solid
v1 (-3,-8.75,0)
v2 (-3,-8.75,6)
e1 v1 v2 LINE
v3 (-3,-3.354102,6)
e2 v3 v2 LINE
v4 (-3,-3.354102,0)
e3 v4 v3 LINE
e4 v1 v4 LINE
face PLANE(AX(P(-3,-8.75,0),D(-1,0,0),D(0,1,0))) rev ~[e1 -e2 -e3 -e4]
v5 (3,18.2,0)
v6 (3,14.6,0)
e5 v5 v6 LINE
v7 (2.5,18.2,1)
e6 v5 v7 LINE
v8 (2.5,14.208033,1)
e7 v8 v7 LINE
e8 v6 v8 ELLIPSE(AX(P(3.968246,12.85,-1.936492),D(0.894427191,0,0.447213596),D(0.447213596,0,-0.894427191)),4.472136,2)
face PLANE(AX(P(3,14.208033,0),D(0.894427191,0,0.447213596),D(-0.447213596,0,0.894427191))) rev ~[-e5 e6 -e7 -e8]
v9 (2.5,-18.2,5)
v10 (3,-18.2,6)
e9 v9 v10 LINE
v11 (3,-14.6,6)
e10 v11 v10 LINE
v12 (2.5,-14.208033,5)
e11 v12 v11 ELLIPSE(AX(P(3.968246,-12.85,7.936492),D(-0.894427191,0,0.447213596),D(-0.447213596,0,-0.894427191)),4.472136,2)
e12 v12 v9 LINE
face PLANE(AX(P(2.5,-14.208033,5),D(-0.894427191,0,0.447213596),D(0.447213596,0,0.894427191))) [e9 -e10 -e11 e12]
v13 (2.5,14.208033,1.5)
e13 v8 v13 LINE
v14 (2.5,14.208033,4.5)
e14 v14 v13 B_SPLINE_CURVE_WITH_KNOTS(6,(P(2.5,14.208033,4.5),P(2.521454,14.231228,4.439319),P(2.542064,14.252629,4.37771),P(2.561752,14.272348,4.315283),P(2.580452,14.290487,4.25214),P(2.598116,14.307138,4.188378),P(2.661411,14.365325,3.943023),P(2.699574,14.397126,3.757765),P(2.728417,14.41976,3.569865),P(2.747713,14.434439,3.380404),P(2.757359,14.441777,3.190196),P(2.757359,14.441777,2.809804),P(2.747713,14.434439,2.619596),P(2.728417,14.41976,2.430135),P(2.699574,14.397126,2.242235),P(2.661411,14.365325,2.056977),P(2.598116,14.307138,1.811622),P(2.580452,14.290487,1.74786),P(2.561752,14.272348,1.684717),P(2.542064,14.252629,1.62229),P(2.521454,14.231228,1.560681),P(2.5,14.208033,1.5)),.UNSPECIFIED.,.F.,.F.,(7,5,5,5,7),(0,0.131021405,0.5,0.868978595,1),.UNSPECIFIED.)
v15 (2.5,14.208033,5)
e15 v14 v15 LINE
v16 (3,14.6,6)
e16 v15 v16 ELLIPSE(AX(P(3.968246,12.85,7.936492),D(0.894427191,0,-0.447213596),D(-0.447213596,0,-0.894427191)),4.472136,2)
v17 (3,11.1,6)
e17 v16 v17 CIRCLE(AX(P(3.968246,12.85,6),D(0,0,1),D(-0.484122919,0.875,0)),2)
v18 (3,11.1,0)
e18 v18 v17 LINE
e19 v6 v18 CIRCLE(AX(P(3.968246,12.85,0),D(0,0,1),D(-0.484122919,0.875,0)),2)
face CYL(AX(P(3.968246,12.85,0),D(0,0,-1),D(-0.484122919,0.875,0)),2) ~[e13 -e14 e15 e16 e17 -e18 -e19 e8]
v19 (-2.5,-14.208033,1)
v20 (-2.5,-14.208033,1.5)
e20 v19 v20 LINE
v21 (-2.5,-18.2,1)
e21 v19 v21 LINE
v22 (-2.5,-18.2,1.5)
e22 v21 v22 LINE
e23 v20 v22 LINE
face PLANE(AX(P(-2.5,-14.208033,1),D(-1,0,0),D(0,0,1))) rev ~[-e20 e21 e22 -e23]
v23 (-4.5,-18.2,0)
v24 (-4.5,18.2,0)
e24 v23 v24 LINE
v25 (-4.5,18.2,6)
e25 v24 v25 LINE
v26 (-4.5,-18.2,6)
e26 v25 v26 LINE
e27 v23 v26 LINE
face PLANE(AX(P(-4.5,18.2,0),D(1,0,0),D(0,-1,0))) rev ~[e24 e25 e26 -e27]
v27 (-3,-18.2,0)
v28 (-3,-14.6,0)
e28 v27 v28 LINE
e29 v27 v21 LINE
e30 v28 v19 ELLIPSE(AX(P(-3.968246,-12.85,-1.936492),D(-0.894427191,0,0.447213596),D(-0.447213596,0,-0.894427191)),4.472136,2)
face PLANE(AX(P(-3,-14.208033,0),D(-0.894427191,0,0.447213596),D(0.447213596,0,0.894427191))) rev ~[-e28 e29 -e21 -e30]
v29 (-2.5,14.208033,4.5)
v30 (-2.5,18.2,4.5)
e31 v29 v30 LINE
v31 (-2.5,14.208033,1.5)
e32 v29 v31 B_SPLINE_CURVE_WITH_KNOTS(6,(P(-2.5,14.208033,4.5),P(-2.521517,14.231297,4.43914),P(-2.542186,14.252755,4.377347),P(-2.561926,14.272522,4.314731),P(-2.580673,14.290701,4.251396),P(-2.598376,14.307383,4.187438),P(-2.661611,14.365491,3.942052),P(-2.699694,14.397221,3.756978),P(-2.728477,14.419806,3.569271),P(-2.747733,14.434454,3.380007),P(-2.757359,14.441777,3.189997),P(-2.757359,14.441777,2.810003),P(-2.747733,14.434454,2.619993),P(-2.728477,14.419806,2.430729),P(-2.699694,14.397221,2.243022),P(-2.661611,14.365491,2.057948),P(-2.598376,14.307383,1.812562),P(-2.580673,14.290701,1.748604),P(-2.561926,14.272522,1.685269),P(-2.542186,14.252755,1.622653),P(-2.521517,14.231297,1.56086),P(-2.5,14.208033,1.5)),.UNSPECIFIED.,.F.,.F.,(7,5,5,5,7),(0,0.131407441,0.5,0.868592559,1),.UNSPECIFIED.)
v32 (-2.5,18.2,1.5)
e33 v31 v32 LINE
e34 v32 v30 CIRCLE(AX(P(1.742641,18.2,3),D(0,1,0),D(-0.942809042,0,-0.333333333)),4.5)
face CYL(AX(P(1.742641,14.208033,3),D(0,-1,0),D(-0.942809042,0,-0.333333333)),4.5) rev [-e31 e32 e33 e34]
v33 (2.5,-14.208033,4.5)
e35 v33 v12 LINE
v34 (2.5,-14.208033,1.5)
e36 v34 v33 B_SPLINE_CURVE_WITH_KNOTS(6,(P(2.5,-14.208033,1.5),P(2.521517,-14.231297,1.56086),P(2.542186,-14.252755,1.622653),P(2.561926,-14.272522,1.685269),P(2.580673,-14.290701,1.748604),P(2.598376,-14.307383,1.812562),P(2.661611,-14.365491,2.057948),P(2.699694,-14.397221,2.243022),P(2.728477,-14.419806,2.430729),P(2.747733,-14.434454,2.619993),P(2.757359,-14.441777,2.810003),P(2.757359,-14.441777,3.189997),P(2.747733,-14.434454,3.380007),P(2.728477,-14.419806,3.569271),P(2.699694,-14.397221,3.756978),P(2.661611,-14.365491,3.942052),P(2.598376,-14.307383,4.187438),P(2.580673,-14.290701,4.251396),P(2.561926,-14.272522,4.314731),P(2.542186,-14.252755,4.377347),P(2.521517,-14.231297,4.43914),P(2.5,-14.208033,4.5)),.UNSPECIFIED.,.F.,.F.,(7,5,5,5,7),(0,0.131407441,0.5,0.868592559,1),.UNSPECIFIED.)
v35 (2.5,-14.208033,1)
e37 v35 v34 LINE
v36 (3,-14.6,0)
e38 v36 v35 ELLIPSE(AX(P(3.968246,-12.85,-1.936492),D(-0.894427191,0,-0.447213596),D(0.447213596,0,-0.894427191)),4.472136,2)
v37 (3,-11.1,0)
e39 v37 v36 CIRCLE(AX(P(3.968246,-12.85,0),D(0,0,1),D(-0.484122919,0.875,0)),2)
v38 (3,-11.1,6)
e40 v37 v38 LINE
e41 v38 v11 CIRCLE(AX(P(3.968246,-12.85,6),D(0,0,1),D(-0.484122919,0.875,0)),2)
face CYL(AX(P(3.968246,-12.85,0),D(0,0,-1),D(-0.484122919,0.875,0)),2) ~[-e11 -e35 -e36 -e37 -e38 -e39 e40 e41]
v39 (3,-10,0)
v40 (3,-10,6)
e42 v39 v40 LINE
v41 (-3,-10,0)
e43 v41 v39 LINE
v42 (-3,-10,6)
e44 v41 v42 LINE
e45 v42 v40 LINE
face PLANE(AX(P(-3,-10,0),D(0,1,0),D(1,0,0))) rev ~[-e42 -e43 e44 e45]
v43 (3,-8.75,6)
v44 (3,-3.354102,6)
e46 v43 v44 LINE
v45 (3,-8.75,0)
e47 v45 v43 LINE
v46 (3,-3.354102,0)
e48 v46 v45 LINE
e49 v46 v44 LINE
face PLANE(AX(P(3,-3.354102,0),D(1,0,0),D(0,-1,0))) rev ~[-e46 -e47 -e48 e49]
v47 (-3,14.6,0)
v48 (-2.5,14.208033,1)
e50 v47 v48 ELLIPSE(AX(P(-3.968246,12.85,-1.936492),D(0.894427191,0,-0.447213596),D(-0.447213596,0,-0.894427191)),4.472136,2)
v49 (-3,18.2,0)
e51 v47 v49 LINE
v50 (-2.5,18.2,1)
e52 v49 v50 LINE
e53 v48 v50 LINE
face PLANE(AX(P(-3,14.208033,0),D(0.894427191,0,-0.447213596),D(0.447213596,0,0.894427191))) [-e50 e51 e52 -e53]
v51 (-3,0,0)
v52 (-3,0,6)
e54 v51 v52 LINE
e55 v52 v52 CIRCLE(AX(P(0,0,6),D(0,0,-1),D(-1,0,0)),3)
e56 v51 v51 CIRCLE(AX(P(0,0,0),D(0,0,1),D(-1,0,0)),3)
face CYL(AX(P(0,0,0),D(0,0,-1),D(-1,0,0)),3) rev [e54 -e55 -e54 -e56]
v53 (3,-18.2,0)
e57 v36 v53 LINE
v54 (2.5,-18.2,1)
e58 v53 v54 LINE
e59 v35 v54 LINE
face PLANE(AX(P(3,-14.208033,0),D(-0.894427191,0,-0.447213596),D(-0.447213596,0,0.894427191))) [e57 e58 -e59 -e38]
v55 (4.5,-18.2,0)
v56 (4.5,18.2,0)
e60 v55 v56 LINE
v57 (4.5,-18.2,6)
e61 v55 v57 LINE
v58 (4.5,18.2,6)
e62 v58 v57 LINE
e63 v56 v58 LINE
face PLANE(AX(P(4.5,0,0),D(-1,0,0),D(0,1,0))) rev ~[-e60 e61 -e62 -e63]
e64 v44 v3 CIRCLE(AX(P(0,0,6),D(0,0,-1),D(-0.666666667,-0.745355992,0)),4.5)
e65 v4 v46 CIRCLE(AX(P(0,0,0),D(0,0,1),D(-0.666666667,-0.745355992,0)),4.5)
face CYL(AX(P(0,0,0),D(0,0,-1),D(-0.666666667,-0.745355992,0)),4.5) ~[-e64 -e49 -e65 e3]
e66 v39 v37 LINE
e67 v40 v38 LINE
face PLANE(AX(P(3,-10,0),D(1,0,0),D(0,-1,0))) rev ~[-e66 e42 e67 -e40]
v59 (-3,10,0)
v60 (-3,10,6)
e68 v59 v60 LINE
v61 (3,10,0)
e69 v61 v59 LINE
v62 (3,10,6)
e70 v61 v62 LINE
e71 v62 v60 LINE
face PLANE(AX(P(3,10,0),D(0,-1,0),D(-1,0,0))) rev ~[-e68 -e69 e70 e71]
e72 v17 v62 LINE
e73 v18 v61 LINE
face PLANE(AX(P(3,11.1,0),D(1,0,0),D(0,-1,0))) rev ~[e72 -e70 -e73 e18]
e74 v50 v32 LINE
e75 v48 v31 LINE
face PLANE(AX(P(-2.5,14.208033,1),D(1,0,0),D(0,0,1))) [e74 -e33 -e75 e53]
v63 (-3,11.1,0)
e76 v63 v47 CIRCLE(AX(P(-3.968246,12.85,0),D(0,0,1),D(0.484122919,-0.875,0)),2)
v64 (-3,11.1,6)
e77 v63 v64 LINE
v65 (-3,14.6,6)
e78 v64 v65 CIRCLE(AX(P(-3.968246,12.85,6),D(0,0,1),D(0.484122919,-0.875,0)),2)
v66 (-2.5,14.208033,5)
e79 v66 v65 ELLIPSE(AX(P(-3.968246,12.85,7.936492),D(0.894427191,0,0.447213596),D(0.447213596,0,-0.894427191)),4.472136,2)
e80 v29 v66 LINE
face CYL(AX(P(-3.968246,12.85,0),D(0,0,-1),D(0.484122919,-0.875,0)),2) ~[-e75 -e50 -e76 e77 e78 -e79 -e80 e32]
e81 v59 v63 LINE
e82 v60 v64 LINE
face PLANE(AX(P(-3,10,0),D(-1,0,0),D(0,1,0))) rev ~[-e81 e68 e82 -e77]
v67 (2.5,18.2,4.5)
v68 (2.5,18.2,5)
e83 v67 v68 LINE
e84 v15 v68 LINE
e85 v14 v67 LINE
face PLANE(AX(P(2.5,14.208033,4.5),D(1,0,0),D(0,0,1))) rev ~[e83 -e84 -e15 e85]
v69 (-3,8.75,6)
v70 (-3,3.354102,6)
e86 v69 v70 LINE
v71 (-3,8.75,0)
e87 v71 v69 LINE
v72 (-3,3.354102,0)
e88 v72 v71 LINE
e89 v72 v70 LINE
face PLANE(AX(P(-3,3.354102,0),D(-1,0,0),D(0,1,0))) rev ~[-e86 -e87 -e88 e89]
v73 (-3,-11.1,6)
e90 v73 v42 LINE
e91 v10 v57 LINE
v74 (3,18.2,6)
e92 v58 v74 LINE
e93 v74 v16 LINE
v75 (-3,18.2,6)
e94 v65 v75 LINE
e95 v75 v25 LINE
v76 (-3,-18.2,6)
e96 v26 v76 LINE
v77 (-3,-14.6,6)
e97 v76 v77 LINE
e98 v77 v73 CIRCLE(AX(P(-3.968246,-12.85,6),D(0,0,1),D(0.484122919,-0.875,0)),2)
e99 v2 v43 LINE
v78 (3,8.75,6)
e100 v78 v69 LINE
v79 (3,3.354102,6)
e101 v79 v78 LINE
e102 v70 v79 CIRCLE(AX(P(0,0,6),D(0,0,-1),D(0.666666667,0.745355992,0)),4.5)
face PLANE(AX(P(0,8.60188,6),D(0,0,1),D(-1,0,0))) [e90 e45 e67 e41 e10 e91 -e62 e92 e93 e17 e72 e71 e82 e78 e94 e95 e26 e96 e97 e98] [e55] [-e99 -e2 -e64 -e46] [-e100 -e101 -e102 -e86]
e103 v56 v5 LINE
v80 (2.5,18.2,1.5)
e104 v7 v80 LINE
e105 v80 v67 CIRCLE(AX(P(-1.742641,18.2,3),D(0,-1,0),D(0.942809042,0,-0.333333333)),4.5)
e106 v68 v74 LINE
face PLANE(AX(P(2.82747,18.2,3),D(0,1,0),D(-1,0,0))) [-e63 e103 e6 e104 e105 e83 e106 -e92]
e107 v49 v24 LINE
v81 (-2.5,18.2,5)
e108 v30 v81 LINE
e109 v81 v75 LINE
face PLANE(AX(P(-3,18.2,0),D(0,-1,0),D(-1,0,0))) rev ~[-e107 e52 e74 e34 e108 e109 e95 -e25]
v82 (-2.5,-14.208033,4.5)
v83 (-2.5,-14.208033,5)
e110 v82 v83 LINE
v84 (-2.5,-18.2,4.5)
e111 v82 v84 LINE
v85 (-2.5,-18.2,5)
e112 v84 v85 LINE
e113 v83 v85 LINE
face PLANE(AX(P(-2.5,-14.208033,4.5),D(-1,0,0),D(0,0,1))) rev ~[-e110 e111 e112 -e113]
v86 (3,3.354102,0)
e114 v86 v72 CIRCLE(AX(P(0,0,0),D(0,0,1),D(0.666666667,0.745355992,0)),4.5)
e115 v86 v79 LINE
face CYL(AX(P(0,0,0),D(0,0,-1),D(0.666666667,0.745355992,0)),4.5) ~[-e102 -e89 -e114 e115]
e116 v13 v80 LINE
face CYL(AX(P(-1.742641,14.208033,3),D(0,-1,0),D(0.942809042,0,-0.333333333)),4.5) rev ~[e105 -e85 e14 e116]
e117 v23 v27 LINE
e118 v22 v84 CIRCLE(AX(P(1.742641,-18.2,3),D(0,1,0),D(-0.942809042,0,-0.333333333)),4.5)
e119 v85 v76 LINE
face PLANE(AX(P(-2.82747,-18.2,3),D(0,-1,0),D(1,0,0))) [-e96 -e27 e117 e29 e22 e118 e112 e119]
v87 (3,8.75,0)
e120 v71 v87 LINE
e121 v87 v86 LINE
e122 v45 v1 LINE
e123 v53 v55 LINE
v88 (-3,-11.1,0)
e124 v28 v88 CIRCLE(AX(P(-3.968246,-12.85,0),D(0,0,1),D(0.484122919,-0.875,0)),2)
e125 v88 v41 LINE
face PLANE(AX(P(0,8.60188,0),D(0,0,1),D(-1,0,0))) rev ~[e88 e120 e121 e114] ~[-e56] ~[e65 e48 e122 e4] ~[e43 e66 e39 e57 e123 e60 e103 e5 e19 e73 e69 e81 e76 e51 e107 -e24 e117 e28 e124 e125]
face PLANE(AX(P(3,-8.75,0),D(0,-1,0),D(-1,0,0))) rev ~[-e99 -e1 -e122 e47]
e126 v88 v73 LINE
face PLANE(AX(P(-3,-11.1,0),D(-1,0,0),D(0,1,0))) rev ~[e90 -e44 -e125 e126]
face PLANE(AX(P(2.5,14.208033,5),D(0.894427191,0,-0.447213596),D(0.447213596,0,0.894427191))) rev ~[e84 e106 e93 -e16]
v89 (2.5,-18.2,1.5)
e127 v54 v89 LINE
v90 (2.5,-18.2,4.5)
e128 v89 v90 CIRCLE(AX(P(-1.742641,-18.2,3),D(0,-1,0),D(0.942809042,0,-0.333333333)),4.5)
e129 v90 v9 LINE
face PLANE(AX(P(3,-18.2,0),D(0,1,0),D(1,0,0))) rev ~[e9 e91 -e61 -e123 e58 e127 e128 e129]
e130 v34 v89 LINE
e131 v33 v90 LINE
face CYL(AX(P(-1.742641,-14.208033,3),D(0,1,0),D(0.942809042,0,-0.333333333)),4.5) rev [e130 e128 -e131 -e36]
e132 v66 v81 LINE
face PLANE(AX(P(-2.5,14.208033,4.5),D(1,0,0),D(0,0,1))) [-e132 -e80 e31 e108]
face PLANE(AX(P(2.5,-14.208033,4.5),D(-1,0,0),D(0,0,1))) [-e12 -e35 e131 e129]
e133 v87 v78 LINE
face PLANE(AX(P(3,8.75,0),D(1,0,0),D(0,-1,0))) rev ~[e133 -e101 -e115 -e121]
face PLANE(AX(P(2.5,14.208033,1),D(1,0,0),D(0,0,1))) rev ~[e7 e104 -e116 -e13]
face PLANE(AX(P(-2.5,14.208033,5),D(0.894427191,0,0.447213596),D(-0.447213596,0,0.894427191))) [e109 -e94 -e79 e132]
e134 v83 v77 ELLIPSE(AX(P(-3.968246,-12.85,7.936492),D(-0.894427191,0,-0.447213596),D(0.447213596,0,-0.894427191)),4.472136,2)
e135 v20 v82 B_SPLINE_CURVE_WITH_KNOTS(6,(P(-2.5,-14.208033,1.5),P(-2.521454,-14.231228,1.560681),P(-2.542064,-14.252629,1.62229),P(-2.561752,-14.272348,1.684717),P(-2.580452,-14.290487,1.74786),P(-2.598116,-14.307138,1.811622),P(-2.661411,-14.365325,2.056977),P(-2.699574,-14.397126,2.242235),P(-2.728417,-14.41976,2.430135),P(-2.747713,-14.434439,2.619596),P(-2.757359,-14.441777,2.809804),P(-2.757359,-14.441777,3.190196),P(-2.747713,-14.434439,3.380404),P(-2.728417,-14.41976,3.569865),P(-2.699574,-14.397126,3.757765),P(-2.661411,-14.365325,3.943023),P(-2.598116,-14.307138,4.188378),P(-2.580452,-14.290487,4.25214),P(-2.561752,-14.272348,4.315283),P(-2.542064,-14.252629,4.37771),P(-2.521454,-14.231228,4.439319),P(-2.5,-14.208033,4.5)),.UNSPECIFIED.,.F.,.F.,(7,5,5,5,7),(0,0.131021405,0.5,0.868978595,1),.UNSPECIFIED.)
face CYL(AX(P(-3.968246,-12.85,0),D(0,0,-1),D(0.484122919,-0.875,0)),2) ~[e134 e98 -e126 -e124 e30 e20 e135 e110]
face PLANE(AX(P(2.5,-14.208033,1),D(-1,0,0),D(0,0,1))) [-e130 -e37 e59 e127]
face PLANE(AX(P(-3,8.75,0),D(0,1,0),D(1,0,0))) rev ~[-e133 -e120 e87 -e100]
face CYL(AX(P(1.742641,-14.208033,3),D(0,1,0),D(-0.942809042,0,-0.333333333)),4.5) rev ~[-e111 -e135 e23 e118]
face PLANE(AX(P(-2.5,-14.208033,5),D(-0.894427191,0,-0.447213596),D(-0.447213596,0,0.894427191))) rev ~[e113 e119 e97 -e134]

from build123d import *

# Parameters (mm, degrees)
EXTRUDE_1_DEPTH          = 6
SKETCH_2_R               = 3
CUT_EXTRUDE_1_DEPTH      = 20.684765683
EXTRUDE_2_REACH          = 25.907
PATTERN_CIRCULAR_1_COUNT = 2


with BuildPart() as part:
    # 草图1 → 凸台-拉伸1 (new body)
    with BuildSketch(Plane.XY):
        with BuildLine():
            Line((-4.5, 0), (-4.5, -18.2))
            Line((-4.5, -18.2), (-3, -18.2))
            Line((-3, -18.2), (-3, -14.6))
            ThreePointArc((-3, -14.6), (-1.968245837, -12.85), (-3, -11.1))
            Line((-3, -11.1), (-3, -10))
            Line((-3, -10), (3, -10))
            Line((3, -10), (3, -11.1))
            ThreePointArc((3, -11.1), (1.968245837, -12.85), (3, -14.6))
            Line((3, -14.6), (3, -18.2))
            Line((3, -18.2), (4.5, -18.2))
            Line((4.5, -18.2), (4.5, 0))
            ThreePointArc((4.5, 0), (0, 4.5), (-4.5, 0))
        make_face()
    extrude_1 = extrude(amount=EXTRUDE_1_DEPTH)

    # 草图2 → 切除-拉伸1 (cut, through all)
    with BuildSketch(Plane.XY):
        Circle(SKETCH_2_R)
        with BuildLine():
            Line((-3, -8.75), (-3, -3.354101966))
            ThreePointArc((-3, -3.354101966), (0, -4.5), (3, -3.354101966))
            Line((3, -3.354101966), (3, -8.75))
            Line((3, -8.75), (-3, -8.75))
        make_face()
    cut_extrude_1 = extrude(amount=CUT_EXTRUDE_1_DEPTH, mode=Mode.SUBTRACT)

    # 草图3 → 凸台-拉伸2 (add, up to next)
    with BuildSketch(Plane.XZ.offset(18.2), mode=Mode.PRIVATE) as extrude_2_sk1:
        with BuildLine():
            Line((-3, 6), (-3, 0))
            Line((-3, 0), (-2.5, 1))
            Line((-2.5, 1), (-2.5, 1.5))
            ThreePointArc((-2.5, 1.5), (-2.757359313, 3), (-2.5, 4.5))
            Line((-2.5, 4.5), (-2.5, 5))
            Line((-2.5, 5), (-3, 6))
        make_face()
    extrude_2_tool1 = extrude(extrude_2_sk1.sketch, amount=-EXTRUDE_2_REACH, mode=Mode.PRIVATE) - part.part
    # 草图3 → 凸台-拉伸2 (add, up to next)
    with BuildSketch(Plane.XZ.offset(18.2), mode=Mode.PRIVATE) as extrude_2_sk2:
        with BuildLine():
            Line((3, 0), (2.5, 1))
            Line((2.5, 1), (2.5, 1.5))
            ThreePointArc((2.5, 1.5), (2.757359313, 3), (2.5, 4.5))
            Line((2.5, 4.5), (2.5, 5))
            Line((2.5, 5), (3, 6))
            Line((3, 6), (3, 0))
        make_face()
    extrude_2_tool2 = extrude(extrude_2_sk2.sketch, amount=-EXTRUDE_2_REACH, mode=Mode.PRIVATE) - part.part
    extrude_2_1 = extrude_2_tool1.solids().sort_by_distance((-2.809362, -18.2, 3))[0]
    add(extrude_2_1)
    extrude_2_2 = extrude_2_tool2.solids().sort_by_distance((2.809362, -18.2, 3))[0]
    add(extrude_2_2)
    extrude_2 = extrude_2_1 + extrude_2_2  # 凸台-拉伸2 as one shape, for the pattern or mirror that repeats it

    # 阵列(圆周)1: 凸台-拉伸1, 切除-拉伸1, 凸台-拉伸2 ×2 about axis
    pattern_circular_1_axis = Axis((0, 0, 0), (0, 0, 1))
    add([extrude_1.rotate(pattern_circular_1_axis, i * 360 / PATTERN_CIRCULAR_1_COUNT) for i in range(1, PATTERN_CIRCULAR_1_COUNT)])
    add([cut_extrude_1.rotate(pattern_circular_1_axis, i * 360 / PATTERN_CIRCULAR_1_COUNT) for i in range(1, PATTERN_CIRCULAR_1_COUNT)], mode=Mode.SUBTRACT)
    add([extrude_2.rotate(pattern_circular_1_axis, i * 360 / PATTERN_CIRCULAR_1_COUNT) for i in range(1, PATTERN_CIRCULAR_1_COUNT)])


solid = part.part
